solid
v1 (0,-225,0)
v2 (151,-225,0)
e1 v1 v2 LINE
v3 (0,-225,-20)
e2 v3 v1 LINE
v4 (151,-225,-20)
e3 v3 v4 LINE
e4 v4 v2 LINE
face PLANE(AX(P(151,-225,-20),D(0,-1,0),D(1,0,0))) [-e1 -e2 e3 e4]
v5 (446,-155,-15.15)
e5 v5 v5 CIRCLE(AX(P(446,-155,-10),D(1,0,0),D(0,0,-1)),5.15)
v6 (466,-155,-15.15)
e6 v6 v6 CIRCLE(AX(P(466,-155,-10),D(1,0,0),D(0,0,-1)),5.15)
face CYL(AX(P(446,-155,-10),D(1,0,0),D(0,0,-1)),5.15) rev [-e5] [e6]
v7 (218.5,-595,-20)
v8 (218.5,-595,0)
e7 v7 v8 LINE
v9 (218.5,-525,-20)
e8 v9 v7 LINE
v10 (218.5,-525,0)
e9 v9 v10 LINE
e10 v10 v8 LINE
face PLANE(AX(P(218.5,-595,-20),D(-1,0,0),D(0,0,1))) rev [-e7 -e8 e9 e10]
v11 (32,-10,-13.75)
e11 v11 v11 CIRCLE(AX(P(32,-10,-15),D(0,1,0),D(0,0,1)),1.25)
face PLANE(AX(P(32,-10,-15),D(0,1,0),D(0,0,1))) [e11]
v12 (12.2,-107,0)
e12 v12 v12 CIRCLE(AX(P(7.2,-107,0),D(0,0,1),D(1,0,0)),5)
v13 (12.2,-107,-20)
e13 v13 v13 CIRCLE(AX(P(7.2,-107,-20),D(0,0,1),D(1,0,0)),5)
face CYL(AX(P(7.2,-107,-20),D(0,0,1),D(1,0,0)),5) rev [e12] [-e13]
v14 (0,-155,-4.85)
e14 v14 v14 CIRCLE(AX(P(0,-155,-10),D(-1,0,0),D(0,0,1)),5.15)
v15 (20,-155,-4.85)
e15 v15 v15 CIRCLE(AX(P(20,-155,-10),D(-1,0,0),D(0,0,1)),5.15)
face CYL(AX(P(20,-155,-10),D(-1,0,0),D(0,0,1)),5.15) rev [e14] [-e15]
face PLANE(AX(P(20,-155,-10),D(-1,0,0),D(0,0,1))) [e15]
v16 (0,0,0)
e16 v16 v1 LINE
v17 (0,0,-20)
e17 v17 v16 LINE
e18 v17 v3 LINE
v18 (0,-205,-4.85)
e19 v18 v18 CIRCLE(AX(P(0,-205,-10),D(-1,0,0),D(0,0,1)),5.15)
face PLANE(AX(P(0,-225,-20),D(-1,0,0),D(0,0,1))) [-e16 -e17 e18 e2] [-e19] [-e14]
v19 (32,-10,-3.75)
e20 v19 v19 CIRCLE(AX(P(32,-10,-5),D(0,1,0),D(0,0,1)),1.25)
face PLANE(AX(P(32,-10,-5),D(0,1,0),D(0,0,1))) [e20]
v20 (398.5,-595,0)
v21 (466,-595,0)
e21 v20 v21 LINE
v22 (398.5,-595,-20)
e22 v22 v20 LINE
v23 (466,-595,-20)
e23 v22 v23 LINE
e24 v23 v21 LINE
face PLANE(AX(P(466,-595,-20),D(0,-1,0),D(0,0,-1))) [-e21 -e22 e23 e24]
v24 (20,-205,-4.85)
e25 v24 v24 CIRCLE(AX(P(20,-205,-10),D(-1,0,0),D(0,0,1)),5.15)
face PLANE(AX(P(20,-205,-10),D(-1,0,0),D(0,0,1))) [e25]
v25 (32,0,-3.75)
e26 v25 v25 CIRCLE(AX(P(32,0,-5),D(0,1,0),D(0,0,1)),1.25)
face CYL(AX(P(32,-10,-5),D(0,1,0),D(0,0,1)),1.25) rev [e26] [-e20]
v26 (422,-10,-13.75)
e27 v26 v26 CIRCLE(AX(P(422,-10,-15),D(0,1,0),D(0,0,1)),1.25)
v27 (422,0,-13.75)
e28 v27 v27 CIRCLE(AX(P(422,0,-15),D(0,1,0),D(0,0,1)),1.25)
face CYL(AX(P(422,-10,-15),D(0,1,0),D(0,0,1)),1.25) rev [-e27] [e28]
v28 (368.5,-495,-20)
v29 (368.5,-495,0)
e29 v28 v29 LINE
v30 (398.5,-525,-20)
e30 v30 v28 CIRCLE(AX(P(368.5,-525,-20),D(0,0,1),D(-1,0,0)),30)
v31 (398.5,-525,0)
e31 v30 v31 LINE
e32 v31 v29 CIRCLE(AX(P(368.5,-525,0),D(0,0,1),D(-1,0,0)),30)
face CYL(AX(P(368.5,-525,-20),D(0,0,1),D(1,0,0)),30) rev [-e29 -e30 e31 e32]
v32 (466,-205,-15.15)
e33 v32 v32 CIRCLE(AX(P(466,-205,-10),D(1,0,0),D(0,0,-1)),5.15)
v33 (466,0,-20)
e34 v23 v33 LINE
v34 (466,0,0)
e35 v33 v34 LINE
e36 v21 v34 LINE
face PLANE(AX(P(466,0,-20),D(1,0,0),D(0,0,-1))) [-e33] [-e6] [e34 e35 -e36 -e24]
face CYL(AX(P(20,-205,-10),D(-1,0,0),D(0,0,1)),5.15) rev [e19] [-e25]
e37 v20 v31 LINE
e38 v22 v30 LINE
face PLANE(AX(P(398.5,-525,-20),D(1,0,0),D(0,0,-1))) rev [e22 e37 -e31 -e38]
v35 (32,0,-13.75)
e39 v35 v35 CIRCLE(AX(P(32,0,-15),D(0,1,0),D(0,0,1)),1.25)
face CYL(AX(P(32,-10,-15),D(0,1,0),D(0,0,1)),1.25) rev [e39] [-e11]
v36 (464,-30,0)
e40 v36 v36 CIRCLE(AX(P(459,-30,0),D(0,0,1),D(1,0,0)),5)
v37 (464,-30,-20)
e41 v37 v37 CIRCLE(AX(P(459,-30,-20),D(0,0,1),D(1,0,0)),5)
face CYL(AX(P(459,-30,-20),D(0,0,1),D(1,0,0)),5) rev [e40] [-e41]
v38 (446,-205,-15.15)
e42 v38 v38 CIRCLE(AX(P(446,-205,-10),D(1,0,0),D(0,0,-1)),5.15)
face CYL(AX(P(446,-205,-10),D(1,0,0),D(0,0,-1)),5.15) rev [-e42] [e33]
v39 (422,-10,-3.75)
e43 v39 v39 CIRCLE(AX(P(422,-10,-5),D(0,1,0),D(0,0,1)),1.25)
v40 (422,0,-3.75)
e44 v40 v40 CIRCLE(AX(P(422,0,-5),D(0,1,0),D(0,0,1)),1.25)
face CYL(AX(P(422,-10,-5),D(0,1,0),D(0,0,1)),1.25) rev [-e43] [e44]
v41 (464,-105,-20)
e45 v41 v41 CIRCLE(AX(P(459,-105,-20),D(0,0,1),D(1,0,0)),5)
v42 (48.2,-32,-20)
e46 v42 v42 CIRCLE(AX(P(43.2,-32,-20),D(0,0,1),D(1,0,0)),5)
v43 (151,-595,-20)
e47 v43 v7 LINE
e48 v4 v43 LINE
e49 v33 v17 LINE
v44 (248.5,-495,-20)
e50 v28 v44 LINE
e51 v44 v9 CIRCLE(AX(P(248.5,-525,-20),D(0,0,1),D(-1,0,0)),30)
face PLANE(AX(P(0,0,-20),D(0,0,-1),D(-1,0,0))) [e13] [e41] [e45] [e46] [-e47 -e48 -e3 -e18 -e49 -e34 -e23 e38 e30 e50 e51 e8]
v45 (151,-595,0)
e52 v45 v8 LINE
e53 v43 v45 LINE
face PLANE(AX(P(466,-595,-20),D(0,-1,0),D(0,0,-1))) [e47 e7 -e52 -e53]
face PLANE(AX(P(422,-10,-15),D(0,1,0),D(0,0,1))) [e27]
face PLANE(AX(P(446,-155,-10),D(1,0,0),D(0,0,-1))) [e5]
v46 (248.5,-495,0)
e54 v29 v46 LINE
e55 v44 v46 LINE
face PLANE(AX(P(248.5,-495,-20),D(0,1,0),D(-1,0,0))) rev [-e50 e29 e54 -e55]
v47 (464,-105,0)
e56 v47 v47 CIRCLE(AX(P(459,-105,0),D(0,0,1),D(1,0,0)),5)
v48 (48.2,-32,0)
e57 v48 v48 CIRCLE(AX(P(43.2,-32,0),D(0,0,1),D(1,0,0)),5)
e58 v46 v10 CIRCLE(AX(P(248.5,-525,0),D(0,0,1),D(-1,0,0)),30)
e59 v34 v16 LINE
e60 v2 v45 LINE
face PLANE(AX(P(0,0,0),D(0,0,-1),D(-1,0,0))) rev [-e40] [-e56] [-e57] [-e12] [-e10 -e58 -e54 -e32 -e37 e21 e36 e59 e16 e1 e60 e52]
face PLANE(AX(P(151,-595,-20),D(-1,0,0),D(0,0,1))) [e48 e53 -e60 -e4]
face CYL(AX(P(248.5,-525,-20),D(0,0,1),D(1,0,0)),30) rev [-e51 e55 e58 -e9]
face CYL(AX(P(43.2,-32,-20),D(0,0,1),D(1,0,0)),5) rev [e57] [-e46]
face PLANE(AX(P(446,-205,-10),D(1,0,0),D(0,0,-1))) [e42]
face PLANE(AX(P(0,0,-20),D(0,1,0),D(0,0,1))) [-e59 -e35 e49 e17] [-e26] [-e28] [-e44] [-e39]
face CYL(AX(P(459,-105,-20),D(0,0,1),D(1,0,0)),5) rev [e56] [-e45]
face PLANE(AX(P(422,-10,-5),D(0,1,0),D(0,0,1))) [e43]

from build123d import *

# Parameters (mm, degrees)
EXTRUDE_1_DEPTH     = 20
SKETCH_2_R          = 5
CUT_EXTRUDE_1_DEPTH = 757.029761319
SKETCH_3_R          = 5.15
CUT_EXTRUDE_2_DEPTH = 20
CUT_EXTRUDE_START   = -20
SKETCH_4_R          = 5.15
CUT_EXTRUDE_3_DEPTH = 20
SKETCH_5_R          = 1.25
CUT_EXTRUDE_4_DEPTH = 10


with BuildPart() as part:
    # 草图1 → 凸台-拉伸1 (new body)
    with BuildSketch(Plane.XY):
        Polygon((0, 0), (466, 0), (466, -595), (151, -595), (151, -225), (0, -225), align=None)
    extrude(amount=-EXTRUDE_1_DEPTH)

    # 草图2 → 切除-拉伸1 (cut, through all)
    with BuildSketch(Plane.XY):
        with Locations((43.2, -32)):
            Circle(SKETCH_2_R)
        with Locations((459, -30)):
            Circle(SKETCH_2_R)
        with Locations((459, -105)):
            Circle(SKETCH_2_R)
        with Locations((7.2, -107)):
            Circle(SKETCH_2_R)
        with BuildLine():
            Line((218.5, -595), (218.5, -525))
            ThreePointArc((218.5, -525), (227.286796564, -503.786796564), (248.5, -495))
            Line((248.5, -495), (368.5, -495))
            ThreePointArc((368.5, -495), (389.713203436, -503.786796564), (398.5, -525))
            Line((398.5, -525), (398.5, -595))
            Line((398.5, -595), (218.5, -595))
        make_face()
    extrude(amount=-CUT_EXTRUDE_1_DEPTH, mode=Mode.SUBTRACT)

    # 草图3 → 切除-拉伸2 (cut)
    with BuildSketch(Plane.ZY):
        with Locations((-10, -155)):
            Circle(SKETCH_3_R)
        with Locations((-10, -205)):
            Circle(SKETCH_3_R)
    extrude(amount=-CUT_EXTRUDE_2_DEPTH, mode=Mode.SUBTRACT)

    # 草图4 → 切除-拉伸3 (cut)
    with BuildSketch(Plane(origin=(466, 0, 0), x_dir=(0, 0, -1), z_dir=(1, 0, 0)).offset(CUT_EXTRUDE_START)):
        with Locations(Location((10, -155, 0), (0, 0, 180))):
            Circle(SKETCH_4_R)
        with Locations(Location((10, -205, 0), (0, 0, 180))):
            Circle(SKETCH_4_R)
    extrude(amount=CUT_EXTRUDE_3_DEPTH, mode=Mode.SUBTRACT)

    # 草图5 → 切除-拉伸4 (cut)
    with BuildSketch(Plane(origin=(0, 0, 0), x_dir=(1, 0, 0), z_dir=(0, 1, 0))):
        with Locations(Location((32, 15, 0), (0, 0, 270))):
            Circle(SKETCH_5_R)
        with Locations(Location((32, 5, 0), (0, 0, 270))):
            Circle(SKETCH_5_R)
        with Locations(Location((422, 15, 0), (0, 0, 270))):
            Circle(SKETCH_5_R)
        with Locations(Location((422, 5, 0), (0, 0, 270))):
            Circle(SKETCH_5_R)
    extrude(amount=-CUT_EXTRUDE_4_DEPTH, mode=Mode.SUBTRACT)


solid = part.part
